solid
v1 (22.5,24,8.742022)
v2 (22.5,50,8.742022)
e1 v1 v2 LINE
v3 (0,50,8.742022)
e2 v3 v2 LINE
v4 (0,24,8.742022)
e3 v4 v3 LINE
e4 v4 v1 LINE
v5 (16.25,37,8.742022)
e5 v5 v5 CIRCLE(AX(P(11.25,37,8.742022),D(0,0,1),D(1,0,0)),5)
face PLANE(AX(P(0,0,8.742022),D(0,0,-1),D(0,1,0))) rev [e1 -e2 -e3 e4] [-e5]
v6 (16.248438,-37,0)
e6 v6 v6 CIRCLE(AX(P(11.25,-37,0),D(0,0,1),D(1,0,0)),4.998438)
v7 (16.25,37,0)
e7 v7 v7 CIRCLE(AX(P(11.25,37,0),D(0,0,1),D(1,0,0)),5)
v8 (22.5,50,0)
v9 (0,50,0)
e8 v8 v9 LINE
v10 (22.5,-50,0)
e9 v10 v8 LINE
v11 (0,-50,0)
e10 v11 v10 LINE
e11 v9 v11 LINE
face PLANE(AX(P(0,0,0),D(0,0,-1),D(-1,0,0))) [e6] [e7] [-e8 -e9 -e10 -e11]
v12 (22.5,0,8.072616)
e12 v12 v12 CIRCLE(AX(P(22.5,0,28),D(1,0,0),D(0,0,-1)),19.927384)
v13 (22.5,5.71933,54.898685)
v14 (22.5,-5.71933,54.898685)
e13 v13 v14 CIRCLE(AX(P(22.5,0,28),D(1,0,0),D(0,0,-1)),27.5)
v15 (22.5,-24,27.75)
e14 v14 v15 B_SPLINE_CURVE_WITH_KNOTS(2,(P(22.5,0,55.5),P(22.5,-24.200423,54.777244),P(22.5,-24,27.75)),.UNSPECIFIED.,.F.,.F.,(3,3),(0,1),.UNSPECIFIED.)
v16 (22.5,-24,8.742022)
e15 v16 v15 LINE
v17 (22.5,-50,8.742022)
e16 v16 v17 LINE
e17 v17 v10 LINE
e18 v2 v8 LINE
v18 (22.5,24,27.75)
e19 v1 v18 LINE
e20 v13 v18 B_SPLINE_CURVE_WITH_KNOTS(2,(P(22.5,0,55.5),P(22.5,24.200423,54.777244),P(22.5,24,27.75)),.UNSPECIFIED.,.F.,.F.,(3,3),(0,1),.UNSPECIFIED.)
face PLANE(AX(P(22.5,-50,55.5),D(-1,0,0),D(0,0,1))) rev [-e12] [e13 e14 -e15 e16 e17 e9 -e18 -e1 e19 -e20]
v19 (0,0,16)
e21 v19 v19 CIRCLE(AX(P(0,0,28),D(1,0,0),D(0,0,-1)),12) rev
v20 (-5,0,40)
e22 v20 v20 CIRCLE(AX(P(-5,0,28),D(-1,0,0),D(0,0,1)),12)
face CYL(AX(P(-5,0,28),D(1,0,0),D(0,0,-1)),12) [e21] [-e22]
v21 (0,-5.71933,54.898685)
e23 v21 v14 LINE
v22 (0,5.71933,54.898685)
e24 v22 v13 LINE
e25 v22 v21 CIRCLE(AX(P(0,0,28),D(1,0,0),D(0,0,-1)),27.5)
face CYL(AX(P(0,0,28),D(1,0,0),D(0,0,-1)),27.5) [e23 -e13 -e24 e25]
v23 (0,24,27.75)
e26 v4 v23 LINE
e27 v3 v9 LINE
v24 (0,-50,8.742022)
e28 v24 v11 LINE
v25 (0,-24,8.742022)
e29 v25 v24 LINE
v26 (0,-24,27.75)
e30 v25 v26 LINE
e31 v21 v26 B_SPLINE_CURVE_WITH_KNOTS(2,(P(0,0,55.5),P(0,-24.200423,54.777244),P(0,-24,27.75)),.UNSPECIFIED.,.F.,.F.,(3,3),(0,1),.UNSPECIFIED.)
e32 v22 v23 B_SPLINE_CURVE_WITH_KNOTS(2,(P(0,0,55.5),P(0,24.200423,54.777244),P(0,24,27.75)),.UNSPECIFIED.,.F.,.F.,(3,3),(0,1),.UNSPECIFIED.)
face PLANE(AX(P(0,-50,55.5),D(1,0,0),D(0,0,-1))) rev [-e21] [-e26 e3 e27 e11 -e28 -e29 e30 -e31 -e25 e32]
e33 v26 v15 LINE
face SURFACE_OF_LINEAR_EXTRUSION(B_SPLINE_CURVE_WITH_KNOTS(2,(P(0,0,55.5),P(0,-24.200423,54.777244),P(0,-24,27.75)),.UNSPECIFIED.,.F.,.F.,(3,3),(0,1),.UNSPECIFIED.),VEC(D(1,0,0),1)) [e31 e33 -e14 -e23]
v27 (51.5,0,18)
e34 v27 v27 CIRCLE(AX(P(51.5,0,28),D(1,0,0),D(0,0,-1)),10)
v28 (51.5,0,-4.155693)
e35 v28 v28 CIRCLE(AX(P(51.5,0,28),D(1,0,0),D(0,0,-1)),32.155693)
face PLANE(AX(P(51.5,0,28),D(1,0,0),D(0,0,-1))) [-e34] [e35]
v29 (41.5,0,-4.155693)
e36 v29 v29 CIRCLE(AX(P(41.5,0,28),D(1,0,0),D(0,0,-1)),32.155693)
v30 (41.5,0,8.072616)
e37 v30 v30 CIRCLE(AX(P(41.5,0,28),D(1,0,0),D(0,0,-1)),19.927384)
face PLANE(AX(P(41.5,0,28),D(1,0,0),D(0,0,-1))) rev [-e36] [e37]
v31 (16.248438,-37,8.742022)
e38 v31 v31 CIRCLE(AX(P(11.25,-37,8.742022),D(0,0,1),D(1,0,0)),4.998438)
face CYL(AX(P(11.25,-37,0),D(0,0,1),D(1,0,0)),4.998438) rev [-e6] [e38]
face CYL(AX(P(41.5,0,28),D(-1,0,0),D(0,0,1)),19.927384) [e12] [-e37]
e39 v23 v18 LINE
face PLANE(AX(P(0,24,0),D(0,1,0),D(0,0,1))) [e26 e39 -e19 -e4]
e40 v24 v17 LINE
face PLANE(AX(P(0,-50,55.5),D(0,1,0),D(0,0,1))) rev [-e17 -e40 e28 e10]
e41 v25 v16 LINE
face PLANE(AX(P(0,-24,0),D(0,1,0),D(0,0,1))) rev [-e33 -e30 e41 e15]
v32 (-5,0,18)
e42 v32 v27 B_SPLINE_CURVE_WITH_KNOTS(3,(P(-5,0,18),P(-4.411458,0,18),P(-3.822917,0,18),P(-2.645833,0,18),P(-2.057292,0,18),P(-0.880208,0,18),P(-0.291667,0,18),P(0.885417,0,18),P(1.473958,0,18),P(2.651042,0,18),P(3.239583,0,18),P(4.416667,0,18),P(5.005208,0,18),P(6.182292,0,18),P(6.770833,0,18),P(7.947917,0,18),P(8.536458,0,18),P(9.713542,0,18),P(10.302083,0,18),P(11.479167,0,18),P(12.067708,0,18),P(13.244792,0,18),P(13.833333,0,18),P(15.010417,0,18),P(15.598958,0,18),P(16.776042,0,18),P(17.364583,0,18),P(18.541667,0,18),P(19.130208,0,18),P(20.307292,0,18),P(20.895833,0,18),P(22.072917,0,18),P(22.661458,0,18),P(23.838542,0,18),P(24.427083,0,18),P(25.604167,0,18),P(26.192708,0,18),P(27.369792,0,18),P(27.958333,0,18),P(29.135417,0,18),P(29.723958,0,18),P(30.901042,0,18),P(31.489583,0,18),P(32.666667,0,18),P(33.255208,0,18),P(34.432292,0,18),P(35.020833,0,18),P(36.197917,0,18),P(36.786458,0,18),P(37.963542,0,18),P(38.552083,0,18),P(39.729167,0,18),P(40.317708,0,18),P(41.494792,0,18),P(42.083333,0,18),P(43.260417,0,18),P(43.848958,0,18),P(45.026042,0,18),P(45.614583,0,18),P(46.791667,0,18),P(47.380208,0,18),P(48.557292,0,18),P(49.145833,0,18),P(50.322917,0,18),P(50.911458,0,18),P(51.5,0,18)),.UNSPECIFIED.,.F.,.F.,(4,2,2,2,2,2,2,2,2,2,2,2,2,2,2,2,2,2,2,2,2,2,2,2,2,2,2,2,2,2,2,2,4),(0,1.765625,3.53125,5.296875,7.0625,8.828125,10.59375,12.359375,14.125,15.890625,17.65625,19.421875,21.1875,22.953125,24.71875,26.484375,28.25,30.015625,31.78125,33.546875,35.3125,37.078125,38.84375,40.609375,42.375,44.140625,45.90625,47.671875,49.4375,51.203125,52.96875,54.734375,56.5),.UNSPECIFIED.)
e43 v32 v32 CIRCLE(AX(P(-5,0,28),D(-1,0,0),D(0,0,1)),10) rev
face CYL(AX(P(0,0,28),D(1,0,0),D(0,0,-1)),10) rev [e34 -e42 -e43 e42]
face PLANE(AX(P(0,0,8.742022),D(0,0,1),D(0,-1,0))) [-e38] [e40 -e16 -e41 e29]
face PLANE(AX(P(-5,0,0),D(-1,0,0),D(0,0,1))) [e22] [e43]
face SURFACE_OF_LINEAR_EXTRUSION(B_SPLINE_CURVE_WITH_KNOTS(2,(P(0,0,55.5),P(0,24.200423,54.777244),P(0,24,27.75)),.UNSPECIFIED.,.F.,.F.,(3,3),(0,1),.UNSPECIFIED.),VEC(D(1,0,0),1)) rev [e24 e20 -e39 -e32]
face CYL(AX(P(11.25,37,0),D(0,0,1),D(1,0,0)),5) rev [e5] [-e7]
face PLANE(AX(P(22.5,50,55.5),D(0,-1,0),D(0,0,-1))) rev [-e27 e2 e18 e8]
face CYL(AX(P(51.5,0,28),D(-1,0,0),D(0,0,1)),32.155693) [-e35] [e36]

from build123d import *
from build123d.topology import SkipClean

# Parameters (mm, degrees)
SKETCH1_W           = 100
SKETCH1_H           = 22.5
BOSS_EXTRUDE1_DEPTH = 55.5
CUT_EXTRUDE1_DEPTH  = 79.016023995
CUT_EXTRUDE2_DEPTH  = 73.059409747
CUT_EXTRUDE3_DEPTH  = 73.059409747
SKETCH6_R           = 12
SKETCH6_R_2         = 10
BOSS_EXTRUDE2_DEPTH = 5
BOSS_EXTRUDE3_START = 19
SKETCH7_R           = 19.927383843
SKETCH7_R_2         = 10
BOSS_EXTRUDE3_DEPTH = 19
BOSS_EXTRUDE5_START = 10
SKETCH9_R           = 32.155692567
SKETCH9_R_2         = 10
BOSS_EXTRUDE5_DEPTH = 10


with BuildPart() as part:
    # Sketch1 → Boss-Extrude1 (new body)
    with BuildSketch(Plane(origin=(0, 0, 0), x_dir=(0, 1, 0), z_dir=(0, 0, 1))):
        with Locations((0, -11.25)):
            Rectangle(SKETCH1_W, SKETCH1_H)
    extrude(amount=BOSS_EXTRUDE1_DEPTH)

    # Sketch2 → Cut-Extrude1 (cut, through all)
    with BuildSketch(Plane.YZ.offset(22.5)):
        with BuildLine():
            Line((-50, 8.742021972), (-24, 8.742021972))
            Line((-24, 8.742021972), (-24, 14.574278418))
            ThreePointArc((-24, 14.574278418), (-27.5, 28), (-24, 41.425721582))
            Line((-24, 41.425721582), (-24, 55.5))
            Line((-24, 55.5), (-50, 55.5))
            Line((-50, 55.5), (-50, 8.742021972))
        make_face()
        with BuildLine():
            ThreePointArc((-24, 41.425721582), (-27.5, 28), (-24, 14.574278418))
            Line((-24, 14.574278418), (-24, 27.75))
            add(Edge.make_bspline(
                [(-24, 28.630883492), (-24.003292455, 28.193991063), (-24, 27.75)],
                knots=[0.983572463, 0.983572463, 0.983572463, 1, 1, 1], degree=2))
            Line((-24, 28.630883492), (-24, 41.425721582))
        make_face()
        with BuildLine():
            ThreePointArc((-15.102725788, 50.981681265), (-20.126720607, 46.73940014), (-24, 41.425721582))
            Line((-24, 41.425721582), (-24, 28.630883492))
            add(Edge.make_bspline(
                [(-15.102725788, 50.981681265), (-23.880610505, 44.473278164), (-24, 28.630883492)],
                knots=[0.387884574, 0.387884574, 0.387884574, 0.983572463, 0.983572463, 0.983572463], degree=2))
        make_face()
        with BuildLine():
            Line((-24, 55.5), (-24, 41.425721582))
            ThreePointArc((-24, 41.425721582), (-20.126720607, 46.73940014), (-15.102725788, 50.981681265))
            add(Edge.make_bspline(
                [(-5.719329936, 54.898685192), (-11.246534385, 53.840872164), (-15.102725788, 50.981681265)],
                knots=[0.126194361, 0.126194361, 0.126194361, 0.387884574, 0.387884574, 0.387884574], degree=2))
            ThreePointArc((-5.719329936, 54.898685192), (-2.875426682, 55.349258151), (0, 55.5))
            Line((0, 55.5), (-24, 55.5))
        make_face()
        with BuildLine():
            ThreePointArc((0, 38), (-10, 28), (0, 18))
            Line((0, 18), (0, 38))
        make_face()
        with BuildLine():
            Line((0, 38), (0, 18))
            ThreePointArc((0, 18), (7.071067812, 20.928932188), (10, 28))
            ThreePointArc((10, 28), (7.071067812, 35.071067812), (0, 38))
        make_face()
        with BuildLine():
            Line((24, 55.5), (0, 55.5))
            ThreePointArc((0, 55.5), (2.875426682, 55.349258151), (5.719329936, 54.898685192))
            add(Edge.make_bspline(
                [(5.719329936, 54.898685192), (11.246534385, 53.840872164), (15.102725788, 50.981681265)],
                knots=[0.126194361, 0.126194361, 0.126194361, 0.387884574, 0.387884574, 0.387884574], degree=2))
            ThreePointArc((15.102725788, 50.981681265), (20.126720607, 46.73940014), (24, 41.425721582))
            Line((24, 41.425721582), (24, 55.5))
        make_face()
        with BuildLine():
            Line((24, 14.574278418), (24, 8.742021972))
            Line((24, 8.742021972), (50, 8.742021972))
            Line((50, 8.742021972), (50, 14.574278418))
            Line((50, 14.574278418), (50, 55.5))
            Line((50, 55.5), (24, 55.5))
            Line((24, 55.5), (24, 41.425721582))
            ThreePointArc((24, 41.425721582), (26.610618181, 34.937218463), (27.5, 28))
            ThreePointArc((27.5, 28), (26.610618181, 21.062781537), (24, 14.574278418))
        make_face()
        with BuildLine():
            Line((24, 27.75), (24, 14.574278418))
            ThreePointArc((24, 14.574278418), (26.610618181, 21.062781537), (27.5, 28))
            ThreePointArc((27.5, 28), (26.610618181, 34.937218463), (24, 41.425721582))
            Line((24, 41.425721582), (24, 28.630883492))
            add(Edge.make_bspline(
                [(24, 28.630883492), (24.003292455, 28.193991063), (24, 27.75)],
                knots=[0.983572463, 0.983572463, 0.983572463, 1, 1, 1], degree=2))
        make_face()
        with BuildLine():
            ThreePointArc((24, 41.425721582), (20.126720607, 46.73940014), (15.102725788, 50.981681265))
            add(Edge.make_bspline(
                [(15.102725788, 50.981681265), (23.880610505, 44.473278164), (24, 28.630883492)],
                knots=[0.387884574, 0.387884574, 0.387884574, 0.983572463, 0.983572463, 0.983572463], degree=2))
            Line((24, 28.630883492), (24, 41.425721582))
        make_face()
    extrude(amount=-CUT_EXTRUDE1_DEPTH, mode=Mode.SUBTRACT)

    # Sketch3 → Cut-Extrude2 (cut, through all)
    with BuildSketch(Plane.XY.offset(8.742021972)):
        with BuildLine():
            ThreePointArc((16.25, 37), (15.797494838, 39.078530898), (14.521883722, 40.780843412))
            Line((14.521883722, 40.780843412), (7.978116278, 33.219156588))
            ThreePointArc((7.978116278, 33.219156588), (13.328530898, 32.452505162), (16.25, 37))
        make_face()
        with BuildLine():
            Line((7.978116278, 33.219156588), (14.521883722, 40.780843412))
            ThreePointArc((14.521883722, 40.780843412), (7.469156588, 40.271883722), (7.978116278, 33.219156588))
        make_face()
    extrude(amount=-CUT_EXTRUDE2_DEPTH, mode=Mode.SUBTRACT)

    # Sketch5 → Cut-Extrude3 (cut, through all)
    with BuildSketch(Plane.XY.offset(8.742021972)):
        with BuildLine():
            ThreePointArc((16.248437988, -37), (13.32788156, -32.45392581), (7.979138422, -33.220337732))
            Line((7.979138422, -33.220337732), (14.520861578, -40.779662268))
            ThreePointArc((14.520861578, -40.779662268), (15.79607419, -39.07788156), (16.248437988, -37))
        make_face()
        with BuildLine():
            Line((14.520861578, -40.779662268), (7.979138422, -33.220337732))
            ThreePointArc((7.979138422, -33.220337732), (7.470337732, -40.270861578), (14.520861578, -40.779662268))
        make_face()
    extrude(amount=-CUT_EXTRUDE3_DEPTH, mode=Mode.SUBTRACT)

    # Sketch6 → Boss-Extrude2 (add)
    with SkipClean():  # the faces are left unmerged after this step: merging them gives an invalid solid
        with BuildSketch(Plane(origin=(0, 0, 0), x_dir=(0, -1, 0), z_dir=(-1, 0, 0))):
            with Locations(Location((0, 28, 0), (0, 0, 270))):
                Circle(SKETCH6_R)
            with Locations(Location((0, 28, 0), (0, 0, 270))):
                Circle(SKETCH6_R_2, mode=Mode.SUBTRACT)
        extrude(amount=BOSS_EXTRUDE2_DEPTH)

    # Sketch7 → Boss-Extrude3 (add)
    with SkipClean():  # the faces are left unmerged after this step: merging them gives an invalid solid
        with BuildSketch(Plane.YZ.offset(22.5).offset(BOSS_EXTRUDE3_START)):
            with Locations(Location((0, 28, 0), (0, 0, 270))):
                Circle(SKETCH7_R)
            with Locations(Location((0, 28, 0), (0, 0, 270))):
                Circle(SKETCH7_R_2, mode=Mode.SUBTRACT)
        extrude(amount=-BOSS_EXTRUDE3_DEPTH)

    # Sketch9 → Boss-Extrude5 (add)
    with SkipClean():  # the faces are left unmerged after this step: merging them gives an invalid solid
        with BuildSketch(Plane.YZ.offset(41.5).offset(BOSS_EXTRUDE5_START)):
            with Locations(Location((0, 28, 0), (0, 0, 270))):
                Circle(SKETCH9_R)
            with Locations(Location((0, 28, 0), (0, 0, 270))):
                Circle(SKETCH9_R_2, mode=Mode.SUBTRACT)
        extrude(amount=-BOSS_EXTRUDE5_DEPTH)


solid = part.part
